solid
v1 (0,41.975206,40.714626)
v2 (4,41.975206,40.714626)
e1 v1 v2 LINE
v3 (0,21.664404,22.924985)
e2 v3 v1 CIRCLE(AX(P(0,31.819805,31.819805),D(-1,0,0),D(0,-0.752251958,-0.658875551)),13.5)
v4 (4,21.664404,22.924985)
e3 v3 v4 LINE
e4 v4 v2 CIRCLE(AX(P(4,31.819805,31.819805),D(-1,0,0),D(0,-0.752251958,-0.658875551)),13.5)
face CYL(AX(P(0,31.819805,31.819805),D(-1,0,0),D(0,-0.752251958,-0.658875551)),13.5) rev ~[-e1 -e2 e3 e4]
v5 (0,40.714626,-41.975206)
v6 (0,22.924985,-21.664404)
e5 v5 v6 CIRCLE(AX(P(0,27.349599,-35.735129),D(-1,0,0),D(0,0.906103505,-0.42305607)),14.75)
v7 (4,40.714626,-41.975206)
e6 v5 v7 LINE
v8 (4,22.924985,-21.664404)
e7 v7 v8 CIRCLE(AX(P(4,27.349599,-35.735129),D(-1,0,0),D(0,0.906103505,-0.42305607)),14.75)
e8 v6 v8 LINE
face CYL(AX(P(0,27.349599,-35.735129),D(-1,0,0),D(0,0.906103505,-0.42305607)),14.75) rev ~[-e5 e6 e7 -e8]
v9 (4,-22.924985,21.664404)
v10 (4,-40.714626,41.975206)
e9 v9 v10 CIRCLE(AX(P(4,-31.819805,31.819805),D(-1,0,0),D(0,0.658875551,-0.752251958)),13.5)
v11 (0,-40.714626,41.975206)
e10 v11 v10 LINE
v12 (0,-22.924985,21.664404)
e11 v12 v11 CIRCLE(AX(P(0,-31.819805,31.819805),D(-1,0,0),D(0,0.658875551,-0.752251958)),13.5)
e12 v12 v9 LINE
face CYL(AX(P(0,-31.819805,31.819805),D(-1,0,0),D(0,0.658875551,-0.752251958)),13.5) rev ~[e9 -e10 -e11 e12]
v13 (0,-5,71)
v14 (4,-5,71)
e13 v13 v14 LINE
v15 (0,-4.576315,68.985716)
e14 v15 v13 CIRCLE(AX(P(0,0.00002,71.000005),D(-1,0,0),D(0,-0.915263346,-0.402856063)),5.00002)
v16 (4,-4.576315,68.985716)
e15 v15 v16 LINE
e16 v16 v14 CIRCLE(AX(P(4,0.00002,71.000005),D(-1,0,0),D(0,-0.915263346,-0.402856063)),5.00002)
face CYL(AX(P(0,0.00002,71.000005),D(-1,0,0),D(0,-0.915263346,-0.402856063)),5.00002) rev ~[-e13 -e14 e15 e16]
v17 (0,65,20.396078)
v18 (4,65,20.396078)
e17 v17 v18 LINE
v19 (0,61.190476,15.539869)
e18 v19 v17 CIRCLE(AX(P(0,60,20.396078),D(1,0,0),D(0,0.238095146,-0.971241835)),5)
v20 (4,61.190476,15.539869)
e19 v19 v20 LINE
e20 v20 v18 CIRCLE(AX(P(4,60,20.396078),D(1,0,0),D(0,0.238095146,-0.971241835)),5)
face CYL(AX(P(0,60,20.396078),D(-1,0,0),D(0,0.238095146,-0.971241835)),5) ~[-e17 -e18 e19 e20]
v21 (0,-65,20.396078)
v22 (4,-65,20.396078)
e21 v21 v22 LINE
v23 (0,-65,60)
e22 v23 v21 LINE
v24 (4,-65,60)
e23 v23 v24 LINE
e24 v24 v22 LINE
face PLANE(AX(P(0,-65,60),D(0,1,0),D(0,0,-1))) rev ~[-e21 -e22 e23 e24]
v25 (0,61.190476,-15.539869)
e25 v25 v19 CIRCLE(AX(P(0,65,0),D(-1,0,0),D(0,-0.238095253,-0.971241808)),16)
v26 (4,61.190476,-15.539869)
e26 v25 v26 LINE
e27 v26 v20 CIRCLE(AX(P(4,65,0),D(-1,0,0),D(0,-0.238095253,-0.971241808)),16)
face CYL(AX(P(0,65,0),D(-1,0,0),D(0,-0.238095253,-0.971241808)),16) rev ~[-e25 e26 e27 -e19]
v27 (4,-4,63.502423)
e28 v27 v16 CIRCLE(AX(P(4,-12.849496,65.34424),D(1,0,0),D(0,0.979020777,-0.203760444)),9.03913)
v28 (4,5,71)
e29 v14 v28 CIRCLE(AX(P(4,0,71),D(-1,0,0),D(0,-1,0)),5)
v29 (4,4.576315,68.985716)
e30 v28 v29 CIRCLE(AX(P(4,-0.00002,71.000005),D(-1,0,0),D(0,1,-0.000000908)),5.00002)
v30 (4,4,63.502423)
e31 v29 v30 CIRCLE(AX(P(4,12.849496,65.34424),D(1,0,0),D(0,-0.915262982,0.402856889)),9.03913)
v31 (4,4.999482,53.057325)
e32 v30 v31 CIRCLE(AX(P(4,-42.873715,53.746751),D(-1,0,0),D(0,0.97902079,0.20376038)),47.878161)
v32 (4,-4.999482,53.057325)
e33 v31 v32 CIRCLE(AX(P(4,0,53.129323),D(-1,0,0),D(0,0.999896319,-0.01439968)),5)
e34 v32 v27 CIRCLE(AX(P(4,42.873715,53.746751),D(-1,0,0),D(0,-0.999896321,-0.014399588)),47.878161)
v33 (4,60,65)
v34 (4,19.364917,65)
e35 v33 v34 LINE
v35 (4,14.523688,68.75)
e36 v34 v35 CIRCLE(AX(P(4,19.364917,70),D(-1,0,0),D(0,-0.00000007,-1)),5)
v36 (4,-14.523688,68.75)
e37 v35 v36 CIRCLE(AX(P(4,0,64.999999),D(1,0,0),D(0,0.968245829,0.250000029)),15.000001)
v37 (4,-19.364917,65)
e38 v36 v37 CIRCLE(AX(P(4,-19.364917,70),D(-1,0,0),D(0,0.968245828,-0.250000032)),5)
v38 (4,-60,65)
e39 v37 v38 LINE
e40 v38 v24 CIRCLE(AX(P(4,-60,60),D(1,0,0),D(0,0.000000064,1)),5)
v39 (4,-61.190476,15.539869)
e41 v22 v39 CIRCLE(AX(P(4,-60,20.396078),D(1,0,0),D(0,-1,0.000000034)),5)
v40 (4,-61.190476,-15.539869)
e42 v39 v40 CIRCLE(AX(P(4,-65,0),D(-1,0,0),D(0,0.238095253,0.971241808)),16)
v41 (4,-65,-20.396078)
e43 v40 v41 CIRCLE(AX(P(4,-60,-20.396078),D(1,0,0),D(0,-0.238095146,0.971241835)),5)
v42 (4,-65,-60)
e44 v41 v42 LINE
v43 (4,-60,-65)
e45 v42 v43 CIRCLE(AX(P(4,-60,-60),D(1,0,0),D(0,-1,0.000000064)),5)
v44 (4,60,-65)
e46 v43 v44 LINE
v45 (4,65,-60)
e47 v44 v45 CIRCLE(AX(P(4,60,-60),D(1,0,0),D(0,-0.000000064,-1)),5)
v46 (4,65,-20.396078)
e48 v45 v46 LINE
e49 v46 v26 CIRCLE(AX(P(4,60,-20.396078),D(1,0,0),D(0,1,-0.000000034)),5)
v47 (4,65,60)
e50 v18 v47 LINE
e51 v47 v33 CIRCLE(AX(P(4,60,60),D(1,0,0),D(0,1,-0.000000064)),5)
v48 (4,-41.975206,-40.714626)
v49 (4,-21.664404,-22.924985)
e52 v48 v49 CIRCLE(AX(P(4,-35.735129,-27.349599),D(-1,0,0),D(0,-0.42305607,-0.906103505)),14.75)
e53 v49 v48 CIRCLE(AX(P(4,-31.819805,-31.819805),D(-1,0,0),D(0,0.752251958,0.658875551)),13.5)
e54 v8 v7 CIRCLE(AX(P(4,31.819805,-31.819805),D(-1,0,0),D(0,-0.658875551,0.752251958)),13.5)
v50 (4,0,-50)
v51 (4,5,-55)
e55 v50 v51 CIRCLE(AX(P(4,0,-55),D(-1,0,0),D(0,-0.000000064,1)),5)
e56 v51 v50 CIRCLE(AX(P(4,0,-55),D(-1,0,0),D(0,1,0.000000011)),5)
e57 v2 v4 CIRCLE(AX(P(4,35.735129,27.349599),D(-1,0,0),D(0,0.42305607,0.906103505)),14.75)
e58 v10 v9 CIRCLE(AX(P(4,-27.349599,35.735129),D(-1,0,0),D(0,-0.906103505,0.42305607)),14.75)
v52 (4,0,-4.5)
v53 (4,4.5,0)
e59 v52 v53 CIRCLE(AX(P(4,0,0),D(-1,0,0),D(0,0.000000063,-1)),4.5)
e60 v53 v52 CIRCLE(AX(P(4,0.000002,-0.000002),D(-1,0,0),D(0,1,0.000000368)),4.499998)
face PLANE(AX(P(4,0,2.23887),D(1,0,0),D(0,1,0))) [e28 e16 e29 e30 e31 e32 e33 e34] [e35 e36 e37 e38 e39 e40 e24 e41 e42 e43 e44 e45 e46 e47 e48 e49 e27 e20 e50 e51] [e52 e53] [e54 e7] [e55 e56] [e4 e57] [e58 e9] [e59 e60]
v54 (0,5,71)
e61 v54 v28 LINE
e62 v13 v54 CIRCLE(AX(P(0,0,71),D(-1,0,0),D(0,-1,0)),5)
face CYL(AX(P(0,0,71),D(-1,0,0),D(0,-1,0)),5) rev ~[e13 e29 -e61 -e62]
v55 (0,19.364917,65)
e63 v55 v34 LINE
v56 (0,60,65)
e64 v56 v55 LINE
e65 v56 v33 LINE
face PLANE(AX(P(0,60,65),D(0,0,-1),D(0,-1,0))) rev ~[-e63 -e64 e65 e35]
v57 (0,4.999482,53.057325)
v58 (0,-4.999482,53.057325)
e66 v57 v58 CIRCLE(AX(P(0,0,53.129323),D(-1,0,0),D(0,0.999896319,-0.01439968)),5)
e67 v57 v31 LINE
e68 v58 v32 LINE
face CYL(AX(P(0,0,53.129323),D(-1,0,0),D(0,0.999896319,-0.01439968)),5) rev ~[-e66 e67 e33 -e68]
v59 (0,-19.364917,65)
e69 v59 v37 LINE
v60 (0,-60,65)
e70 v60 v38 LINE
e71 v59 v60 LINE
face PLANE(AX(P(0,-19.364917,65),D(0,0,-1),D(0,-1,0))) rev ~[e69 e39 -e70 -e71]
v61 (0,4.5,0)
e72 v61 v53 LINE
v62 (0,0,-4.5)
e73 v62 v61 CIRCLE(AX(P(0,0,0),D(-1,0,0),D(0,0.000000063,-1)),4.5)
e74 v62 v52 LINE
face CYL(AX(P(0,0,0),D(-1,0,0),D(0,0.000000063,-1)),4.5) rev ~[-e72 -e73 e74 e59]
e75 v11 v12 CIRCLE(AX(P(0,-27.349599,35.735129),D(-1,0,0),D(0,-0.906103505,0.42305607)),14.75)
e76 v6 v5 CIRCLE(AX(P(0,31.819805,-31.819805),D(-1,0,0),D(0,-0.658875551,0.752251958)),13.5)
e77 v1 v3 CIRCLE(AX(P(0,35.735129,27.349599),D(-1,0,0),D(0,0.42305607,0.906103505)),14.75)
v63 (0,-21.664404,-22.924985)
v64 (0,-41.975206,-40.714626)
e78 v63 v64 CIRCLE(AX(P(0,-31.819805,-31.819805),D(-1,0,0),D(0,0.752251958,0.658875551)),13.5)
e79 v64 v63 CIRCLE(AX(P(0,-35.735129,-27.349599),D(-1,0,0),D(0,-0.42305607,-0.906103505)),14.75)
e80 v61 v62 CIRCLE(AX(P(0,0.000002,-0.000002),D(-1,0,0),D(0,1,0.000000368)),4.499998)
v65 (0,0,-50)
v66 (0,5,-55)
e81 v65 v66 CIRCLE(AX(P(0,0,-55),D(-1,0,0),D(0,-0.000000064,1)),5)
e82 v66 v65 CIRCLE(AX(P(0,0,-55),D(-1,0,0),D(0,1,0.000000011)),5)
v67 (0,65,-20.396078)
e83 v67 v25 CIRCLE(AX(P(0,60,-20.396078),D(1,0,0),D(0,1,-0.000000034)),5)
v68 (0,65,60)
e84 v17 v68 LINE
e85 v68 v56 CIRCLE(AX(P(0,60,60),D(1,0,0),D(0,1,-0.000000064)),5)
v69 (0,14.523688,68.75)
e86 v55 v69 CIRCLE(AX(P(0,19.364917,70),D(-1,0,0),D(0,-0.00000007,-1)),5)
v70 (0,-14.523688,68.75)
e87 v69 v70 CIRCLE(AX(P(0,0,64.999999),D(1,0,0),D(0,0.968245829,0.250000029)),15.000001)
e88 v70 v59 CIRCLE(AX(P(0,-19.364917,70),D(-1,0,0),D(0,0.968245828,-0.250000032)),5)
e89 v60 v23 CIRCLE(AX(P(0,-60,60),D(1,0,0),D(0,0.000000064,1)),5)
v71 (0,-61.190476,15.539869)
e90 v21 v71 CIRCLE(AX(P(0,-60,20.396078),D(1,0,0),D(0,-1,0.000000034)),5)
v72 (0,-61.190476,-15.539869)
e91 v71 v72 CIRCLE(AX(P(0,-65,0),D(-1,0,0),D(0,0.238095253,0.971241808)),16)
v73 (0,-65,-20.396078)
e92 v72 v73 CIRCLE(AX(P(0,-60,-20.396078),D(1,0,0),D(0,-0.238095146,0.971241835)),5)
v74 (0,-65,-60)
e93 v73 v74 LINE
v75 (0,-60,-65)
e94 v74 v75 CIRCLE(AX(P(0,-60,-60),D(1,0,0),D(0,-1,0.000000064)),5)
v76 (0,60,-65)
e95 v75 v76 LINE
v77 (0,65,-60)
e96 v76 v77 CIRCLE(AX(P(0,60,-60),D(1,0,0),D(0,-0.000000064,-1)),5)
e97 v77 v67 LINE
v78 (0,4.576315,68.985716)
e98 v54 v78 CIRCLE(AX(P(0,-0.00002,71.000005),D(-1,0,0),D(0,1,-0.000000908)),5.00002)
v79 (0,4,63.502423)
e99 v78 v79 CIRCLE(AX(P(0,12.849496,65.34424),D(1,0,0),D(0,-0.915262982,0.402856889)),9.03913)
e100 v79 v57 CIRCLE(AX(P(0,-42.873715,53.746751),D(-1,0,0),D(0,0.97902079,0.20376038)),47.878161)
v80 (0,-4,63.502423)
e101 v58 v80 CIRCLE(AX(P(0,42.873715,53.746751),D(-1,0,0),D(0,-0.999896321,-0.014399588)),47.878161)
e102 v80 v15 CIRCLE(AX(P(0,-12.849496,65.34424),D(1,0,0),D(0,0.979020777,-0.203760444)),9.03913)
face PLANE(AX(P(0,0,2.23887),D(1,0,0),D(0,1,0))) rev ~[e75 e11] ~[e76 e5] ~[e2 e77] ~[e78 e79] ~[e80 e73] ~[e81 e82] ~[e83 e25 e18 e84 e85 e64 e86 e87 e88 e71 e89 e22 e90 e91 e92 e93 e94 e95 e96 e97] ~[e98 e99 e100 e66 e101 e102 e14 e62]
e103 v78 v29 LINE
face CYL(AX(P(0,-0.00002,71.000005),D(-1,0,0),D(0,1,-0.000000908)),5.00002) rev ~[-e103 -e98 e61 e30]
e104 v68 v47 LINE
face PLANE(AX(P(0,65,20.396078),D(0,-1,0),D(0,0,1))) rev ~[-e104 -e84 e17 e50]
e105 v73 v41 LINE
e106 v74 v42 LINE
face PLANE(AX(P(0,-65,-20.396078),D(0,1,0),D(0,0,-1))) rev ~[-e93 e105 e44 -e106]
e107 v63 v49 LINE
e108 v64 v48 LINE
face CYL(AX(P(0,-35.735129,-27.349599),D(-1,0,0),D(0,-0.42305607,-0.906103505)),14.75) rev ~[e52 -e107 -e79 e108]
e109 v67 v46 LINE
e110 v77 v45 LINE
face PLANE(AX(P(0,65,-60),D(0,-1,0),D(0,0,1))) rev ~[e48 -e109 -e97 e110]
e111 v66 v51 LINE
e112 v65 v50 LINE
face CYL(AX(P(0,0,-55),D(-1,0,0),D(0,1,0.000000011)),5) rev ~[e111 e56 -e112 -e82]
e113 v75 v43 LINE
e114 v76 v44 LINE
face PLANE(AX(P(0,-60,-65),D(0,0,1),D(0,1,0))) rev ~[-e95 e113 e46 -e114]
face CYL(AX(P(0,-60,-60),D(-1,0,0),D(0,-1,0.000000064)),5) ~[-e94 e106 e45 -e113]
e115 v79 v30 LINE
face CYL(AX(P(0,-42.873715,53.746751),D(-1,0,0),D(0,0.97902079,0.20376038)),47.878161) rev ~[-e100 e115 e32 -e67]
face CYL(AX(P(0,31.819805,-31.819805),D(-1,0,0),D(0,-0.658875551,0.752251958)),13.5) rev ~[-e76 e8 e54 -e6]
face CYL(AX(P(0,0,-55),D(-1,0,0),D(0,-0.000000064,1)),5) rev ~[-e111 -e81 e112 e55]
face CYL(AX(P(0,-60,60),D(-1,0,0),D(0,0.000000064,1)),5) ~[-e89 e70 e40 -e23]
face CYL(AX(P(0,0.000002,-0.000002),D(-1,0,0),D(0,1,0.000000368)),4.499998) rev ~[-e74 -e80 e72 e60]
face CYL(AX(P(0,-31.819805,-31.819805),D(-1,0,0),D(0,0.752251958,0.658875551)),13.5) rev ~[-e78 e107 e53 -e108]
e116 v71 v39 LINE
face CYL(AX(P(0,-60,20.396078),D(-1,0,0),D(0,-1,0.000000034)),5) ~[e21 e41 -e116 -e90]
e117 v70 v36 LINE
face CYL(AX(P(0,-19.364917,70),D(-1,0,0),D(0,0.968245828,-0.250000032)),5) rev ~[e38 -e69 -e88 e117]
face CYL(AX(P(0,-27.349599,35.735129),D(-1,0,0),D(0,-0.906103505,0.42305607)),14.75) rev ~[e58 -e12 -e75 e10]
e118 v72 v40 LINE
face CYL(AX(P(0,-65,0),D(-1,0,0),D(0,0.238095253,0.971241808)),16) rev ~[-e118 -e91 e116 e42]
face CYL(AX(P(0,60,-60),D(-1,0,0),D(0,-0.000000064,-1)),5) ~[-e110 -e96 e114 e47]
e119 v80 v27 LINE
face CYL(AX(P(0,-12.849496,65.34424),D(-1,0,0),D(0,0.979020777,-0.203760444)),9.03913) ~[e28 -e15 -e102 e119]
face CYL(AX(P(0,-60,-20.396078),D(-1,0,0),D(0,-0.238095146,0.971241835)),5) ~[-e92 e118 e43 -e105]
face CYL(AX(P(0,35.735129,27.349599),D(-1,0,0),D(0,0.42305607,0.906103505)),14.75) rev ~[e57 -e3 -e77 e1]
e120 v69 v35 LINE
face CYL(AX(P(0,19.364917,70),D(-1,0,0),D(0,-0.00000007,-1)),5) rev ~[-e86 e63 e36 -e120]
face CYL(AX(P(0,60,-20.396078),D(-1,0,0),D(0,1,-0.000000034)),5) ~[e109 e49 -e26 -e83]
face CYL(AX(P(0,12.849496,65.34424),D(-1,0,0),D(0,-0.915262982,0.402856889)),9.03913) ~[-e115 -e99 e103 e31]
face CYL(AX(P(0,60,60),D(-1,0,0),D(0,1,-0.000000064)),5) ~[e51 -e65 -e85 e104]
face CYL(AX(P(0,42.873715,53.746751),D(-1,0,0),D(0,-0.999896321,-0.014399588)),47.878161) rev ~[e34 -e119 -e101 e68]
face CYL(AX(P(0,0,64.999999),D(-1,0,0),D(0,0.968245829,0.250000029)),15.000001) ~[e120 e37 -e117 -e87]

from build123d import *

# Parameters (mm, degrees)
F1_DEPTH = 4


with BuildPart() as f1:
    # F0 (on Right) → F1 (new body)
    with BuildSketch(Plane.YZ):
        with BuildLine():
            Line((-19.364917, 65), (-60, 65))
            ThreePointArc((-60, 65), (-63.535534, 63.535534), (-65, 60))
            Line((-65, 60), (-65, 20.396078))
            ThreePointArc((-65, 20.396078), (-63.933979, 17.310011), (-61.190476, 15.539869))
            ThreePointArc((-61.190476, 15.539869), (-49, 0), (-61.190476, -15.539869))
            ThreePointArc((-61.190476, -15.539869), (-63.933979, -17.310011), (-65, -20.396078))
            Line((-65, -20.396078), (-65, -60))
            ThreePointArc((-65, -60), (-63.535534, -63.535534), (-60, -65))
            Line((-60, -65), (60, -65))
            ThreePointArc((60, -65), (63.535534, -63.535534), (65, -60))
            Line((65, -60), (65, -20.396078))
            ThreePointArc((65, -20.396078), (63.933979, -17.310011), (61.190476, -15.539869))
            ThreePointArc((61.190476, -15.539869), (49, 0), (61.190476, 15.539869))
            ThreePointArc((61.190476, 15.539869), (63.933979, 17.310011), (65, 20.396078))
            Line((65, 20.396078), (65, 60))
            ThreePointArc((65, 60), (63.535534, 63.535534), (60, 65))
            Line((60, 65), (19.364917, 65))
            ThreePointArc((19.364917, 65), (16.303055, 66.047153), (14.523688, 68.75))
            ThreePointArc((14.523688, 68.75), (0, 80), (-14.523688, 68.75))
            ThreePointArc((-14.523688, 68.75), (-16.303055, 66.047153), (-19.364917, 65))
        make_face()
        with BuildLine():
            ThreePointArc((-21.664404, -22.924985), (-22.924985, -41.975206), (-41.975206, -40.714626))
            ThreePointArc((-41.975206, -40.714626), (-45.453544, -16.253883), (-21.664404, -22.924985))
        make_face(mode=Mode.SUBTRACT)
        with BuildLine():
            ThreePointArc((5, -55), (-3.535534, -58.535534), (0, -50))
            ThreePointArc((0, -50), (3.535534, -51.464466), (5, -55))
        make_face(mode=Mode.SUBTRACT)
        with BuildLine():
            ThreePointArc((22.924985, -21.664404), (41.975206, -22.924985), (40.714626, -41.975206))
            ThreePointArc((40.714626, -41.975206), (16.253883, -45.453544), (22.924985, -21.664404))
        make_face(mode=Mode.SUBTRACT)
        with BuildLine():
            ThreePointArc((0, -4.5), (-3.181981, 3.181981), (4.5, 0))
            ThreePointArc((4.5, 0), (3.181981, -3.181981), (0, -4.5))
        make_face(mode=Mode.SUBTRACT)
        with BuildLine():
            ThreePointArc((-22.924985, 21.664404), (-41.975206, 22.924985), (-40.714626, 41.975206))
            ThreePointArc((-40.714626, 41.975206), (-16.253883, 45.453544), (-22.924985, 21.664404))
        make_face(mode=Mode.SUBTRACT)
        with BuildLine():
            ThreePointArc((21.664404, 22.924985), (22.924985, 41.975206), (41.975206, 40.714626))
            ThreePointArc((41.975206, 40.714626), (45.453544, 16.253883), (21.664404, 22.924985))
        make_face(mode=Mode.SUBTRACT)
        with BuildLine():
            ThreePointArc((-5, 71), (0, 76), (5, 71))
            ThreePointArc((5, 71), (4.892932, 69.97082), (4.576315, 68.985716))
            ThreePointArc((4.576315, 68.985716), (3.859883, 66.289083), (4, 63.502423))
            ThreePointArc((4, 63.502423), (4.786744, 58.307337), (4.999482, 53.057325))
            ThreePointArc((4.999482, 53.057325), (0, 48.129323), (-4.999482, 53.057325))
            ThreePointArc((-4.999482, 53.057325), (-4.786744, 58.307337), (-4, 63.502423))
            ThreePointArc((-4, 63.502423), (-3.859883, 66.289083), (-4.576315, 68.985716))
            ThreePointArc((-4.576315, 68.985716), (-4.892932, 69.97082), (-5, 71))
        make_face(mode=Mode.SUBTRACT)
    extrude(amount=F1_DEPTH)


solid = f1.part
